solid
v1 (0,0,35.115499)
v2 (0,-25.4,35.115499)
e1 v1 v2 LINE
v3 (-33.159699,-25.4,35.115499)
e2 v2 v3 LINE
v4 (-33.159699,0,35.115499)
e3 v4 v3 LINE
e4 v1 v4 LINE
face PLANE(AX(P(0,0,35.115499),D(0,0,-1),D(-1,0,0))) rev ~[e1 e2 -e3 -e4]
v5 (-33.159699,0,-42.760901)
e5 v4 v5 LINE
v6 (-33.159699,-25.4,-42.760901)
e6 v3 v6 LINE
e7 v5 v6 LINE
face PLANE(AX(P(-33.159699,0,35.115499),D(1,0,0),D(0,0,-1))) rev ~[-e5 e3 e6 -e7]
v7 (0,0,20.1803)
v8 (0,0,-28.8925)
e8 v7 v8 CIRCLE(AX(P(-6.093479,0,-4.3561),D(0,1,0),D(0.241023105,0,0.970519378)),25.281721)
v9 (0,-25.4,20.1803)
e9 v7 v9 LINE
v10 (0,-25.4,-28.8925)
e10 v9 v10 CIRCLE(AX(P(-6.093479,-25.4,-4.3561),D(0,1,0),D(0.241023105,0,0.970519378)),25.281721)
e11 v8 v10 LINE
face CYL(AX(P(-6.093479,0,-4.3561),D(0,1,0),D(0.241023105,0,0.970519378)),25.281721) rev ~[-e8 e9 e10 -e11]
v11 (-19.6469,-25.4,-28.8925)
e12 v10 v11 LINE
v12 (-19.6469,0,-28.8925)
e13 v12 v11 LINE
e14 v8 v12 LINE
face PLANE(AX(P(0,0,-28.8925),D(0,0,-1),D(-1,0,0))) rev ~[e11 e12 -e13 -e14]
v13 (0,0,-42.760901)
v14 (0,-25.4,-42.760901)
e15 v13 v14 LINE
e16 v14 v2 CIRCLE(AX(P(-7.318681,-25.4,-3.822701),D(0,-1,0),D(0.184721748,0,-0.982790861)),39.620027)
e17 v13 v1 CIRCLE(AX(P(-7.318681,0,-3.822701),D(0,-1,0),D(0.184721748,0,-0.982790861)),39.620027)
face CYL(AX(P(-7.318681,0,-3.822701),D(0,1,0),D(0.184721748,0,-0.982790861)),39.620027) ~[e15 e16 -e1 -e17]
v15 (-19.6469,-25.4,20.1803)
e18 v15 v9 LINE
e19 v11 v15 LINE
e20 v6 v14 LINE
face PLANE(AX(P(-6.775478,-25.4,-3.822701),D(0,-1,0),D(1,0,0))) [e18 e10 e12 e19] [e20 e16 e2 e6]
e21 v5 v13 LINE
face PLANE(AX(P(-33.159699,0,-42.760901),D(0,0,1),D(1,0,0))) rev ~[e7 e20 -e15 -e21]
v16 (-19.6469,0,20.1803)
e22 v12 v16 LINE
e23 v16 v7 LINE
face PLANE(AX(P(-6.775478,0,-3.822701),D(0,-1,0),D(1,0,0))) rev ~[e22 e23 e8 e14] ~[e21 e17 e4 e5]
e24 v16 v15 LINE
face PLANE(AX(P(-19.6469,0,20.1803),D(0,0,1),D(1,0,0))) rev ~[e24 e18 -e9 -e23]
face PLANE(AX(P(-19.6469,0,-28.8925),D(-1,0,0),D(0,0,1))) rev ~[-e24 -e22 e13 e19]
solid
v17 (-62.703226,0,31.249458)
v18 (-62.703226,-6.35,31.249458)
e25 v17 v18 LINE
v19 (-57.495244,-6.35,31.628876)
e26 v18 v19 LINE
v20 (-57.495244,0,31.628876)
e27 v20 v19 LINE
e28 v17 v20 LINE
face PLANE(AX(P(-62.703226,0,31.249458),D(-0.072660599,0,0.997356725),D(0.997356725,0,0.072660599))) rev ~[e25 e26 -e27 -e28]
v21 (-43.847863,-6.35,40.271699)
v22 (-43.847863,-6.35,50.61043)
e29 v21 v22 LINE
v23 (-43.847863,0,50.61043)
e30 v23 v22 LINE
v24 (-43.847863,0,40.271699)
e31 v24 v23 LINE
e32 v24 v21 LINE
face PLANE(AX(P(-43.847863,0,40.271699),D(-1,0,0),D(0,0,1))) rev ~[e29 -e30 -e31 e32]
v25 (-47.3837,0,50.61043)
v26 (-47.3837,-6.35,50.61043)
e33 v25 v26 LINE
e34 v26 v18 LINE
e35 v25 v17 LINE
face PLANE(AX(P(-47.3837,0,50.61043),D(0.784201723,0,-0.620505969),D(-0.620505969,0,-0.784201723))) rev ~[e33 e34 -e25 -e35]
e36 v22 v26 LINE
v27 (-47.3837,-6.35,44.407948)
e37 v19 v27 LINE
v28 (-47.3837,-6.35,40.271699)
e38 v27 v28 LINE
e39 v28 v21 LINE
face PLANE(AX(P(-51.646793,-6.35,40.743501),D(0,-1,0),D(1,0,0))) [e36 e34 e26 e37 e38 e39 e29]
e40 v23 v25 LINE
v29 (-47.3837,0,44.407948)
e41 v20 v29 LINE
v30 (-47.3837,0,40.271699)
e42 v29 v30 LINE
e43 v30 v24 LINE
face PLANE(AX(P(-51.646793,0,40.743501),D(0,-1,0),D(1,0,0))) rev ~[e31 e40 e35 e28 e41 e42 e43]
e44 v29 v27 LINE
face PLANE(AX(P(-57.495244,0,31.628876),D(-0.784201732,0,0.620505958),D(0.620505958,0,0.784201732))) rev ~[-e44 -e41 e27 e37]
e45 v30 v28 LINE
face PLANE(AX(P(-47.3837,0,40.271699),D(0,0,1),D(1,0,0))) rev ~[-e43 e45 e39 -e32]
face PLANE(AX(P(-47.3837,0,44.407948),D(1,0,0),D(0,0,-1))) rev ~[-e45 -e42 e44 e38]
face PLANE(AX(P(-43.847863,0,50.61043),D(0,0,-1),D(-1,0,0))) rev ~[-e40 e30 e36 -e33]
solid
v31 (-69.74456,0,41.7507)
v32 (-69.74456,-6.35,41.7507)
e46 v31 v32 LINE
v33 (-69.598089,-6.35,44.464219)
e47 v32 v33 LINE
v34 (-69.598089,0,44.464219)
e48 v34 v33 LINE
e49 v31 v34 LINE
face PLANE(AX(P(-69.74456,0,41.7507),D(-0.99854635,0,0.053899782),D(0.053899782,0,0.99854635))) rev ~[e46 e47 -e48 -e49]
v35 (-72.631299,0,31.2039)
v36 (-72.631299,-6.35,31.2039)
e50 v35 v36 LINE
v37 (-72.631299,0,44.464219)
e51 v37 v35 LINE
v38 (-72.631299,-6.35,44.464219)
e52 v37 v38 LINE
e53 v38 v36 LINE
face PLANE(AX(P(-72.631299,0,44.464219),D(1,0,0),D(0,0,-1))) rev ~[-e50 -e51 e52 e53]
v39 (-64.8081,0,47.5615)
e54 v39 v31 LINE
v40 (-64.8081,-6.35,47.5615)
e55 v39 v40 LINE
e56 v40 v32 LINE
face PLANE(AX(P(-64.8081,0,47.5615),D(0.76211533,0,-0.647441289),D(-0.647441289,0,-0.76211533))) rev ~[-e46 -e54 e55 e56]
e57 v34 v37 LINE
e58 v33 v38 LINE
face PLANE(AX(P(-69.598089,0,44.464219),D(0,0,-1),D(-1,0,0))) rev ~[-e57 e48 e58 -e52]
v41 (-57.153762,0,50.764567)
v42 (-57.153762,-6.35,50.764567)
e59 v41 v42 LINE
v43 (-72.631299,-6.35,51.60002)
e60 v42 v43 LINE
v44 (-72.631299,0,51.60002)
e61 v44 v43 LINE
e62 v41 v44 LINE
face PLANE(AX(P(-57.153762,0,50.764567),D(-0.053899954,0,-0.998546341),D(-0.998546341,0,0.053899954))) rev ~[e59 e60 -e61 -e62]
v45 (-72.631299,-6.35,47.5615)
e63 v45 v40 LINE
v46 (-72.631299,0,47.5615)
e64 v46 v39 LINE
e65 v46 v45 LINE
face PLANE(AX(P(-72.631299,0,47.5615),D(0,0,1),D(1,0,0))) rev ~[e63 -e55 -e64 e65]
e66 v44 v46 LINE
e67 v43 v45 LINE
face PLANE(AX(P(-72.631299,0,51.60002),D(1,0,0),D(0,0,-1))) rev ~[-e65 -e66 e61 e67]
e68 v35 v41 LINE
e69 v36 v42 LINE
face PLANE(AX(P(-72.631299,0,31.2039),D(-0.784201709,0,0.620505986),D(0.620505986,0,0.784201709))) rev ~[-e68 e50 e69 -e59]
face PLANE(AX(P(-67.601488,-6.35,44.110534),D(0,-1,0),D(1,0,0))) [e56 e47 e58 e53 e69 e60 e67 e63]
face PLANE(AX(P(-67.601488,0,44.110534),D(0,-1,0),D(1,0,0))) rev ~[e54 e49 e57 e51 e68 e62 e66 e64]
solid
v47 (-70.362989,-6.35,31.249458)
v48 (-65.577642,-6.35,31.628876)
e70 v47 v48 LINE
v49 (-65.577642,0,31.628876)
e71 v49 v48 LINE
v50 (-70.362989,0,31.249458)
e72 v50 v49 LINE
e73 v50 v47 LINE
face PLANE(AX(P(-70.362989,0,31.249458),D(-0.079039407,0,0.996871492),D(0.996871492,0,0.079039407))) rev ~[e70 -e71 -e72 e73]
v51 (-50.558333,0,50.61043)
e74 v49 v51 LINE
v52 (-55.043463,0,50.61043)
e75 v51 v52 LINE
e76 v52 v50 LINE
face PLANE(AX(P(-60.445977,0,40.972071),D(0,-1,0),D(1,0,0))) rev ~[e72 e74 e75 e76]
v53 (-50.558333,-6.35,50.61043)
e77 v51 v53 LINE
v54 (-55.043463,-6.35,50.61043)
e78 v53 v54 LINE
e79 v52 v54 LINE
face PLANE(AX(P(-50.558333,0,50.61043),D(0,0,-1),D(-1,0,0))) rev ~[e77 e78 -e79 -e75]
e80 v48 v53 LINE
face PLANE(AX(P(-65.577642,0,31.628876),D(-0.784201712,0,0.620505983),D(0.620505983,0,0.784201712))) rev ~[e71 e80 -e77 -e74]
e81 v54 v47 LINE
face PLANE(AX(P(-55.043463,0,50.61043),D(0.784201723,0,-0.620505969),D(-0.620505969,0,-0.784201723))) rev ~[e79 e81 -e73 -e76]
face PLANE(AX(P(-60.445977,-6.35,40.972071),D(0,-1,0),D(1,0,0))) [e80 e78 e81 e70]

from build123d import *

# Parameters (mm, degrees)
F1_DEPTH = 25.4
F3_DEPTH = 6.35


with BuildPart() as f1:
    # F0 (on Front) → F1 (new body)
    with BuildSketch(Plane.XZ):
        with BuildLine():
            Line((0, 35.115499), (-33.159699, 35.115499))
            Line((-33.159699, 35.115499), (-33.159699, -42.760901))
            Line((-33.159699, -42.760901), (0, -42.760901))
            ThreePointArc((0, -42.760901), (32.301346, -3.822701), (0, 35.115499))
        make_face()
        with BuildLine():
            Line((-19.6469, -28.8925), (-19.6469, 20.1803))
            Line((-19.6469, 20.1803), (0, 20.1803))
            ThreePointArc((0, 20.1803), (19.188242, -4.3561), (0, -28.8925))
            Line((0, -28.8925), (-19.6469, -28.8925))
        make_face(mode=Mode.SUBTRACT)
    extrude(amount=F1_DEPTH)


with BuildPart() as f3:
    # F2 (on Front) → F3 (new body)
    with BuildSketch(Plane.XZ):
        Polygon((-57.153762, 50.764567), (-72.631299, 51.60002), (-72.631299, 47.5615), (-69.430903, 47.5615), (-64.8081, 47.5615), (-69.74456, 41.7507), (-69.598089, 44.464219), (-72.631299, 44.464219), (-72.631299, 31.2039), align=None)
        Polygon((-55.043463, 50.61043), (-70.362989, 31.249458), (-65.577642, 31.628876), (-50.558333, 50.61043), align=None)
        Polygon((-47.3837, 50.61043), (-62.703226, 31.249458), (-57.495244, 31.628876), (-47.3837, 44.407948), (-47.3837, 40.271699), (-43.847863, 40.271699), (-43.847863, 50.61043), align=None)
    extrude(amount=F3_DEPTH)


solid = Compound([f1.part, f3.part])
